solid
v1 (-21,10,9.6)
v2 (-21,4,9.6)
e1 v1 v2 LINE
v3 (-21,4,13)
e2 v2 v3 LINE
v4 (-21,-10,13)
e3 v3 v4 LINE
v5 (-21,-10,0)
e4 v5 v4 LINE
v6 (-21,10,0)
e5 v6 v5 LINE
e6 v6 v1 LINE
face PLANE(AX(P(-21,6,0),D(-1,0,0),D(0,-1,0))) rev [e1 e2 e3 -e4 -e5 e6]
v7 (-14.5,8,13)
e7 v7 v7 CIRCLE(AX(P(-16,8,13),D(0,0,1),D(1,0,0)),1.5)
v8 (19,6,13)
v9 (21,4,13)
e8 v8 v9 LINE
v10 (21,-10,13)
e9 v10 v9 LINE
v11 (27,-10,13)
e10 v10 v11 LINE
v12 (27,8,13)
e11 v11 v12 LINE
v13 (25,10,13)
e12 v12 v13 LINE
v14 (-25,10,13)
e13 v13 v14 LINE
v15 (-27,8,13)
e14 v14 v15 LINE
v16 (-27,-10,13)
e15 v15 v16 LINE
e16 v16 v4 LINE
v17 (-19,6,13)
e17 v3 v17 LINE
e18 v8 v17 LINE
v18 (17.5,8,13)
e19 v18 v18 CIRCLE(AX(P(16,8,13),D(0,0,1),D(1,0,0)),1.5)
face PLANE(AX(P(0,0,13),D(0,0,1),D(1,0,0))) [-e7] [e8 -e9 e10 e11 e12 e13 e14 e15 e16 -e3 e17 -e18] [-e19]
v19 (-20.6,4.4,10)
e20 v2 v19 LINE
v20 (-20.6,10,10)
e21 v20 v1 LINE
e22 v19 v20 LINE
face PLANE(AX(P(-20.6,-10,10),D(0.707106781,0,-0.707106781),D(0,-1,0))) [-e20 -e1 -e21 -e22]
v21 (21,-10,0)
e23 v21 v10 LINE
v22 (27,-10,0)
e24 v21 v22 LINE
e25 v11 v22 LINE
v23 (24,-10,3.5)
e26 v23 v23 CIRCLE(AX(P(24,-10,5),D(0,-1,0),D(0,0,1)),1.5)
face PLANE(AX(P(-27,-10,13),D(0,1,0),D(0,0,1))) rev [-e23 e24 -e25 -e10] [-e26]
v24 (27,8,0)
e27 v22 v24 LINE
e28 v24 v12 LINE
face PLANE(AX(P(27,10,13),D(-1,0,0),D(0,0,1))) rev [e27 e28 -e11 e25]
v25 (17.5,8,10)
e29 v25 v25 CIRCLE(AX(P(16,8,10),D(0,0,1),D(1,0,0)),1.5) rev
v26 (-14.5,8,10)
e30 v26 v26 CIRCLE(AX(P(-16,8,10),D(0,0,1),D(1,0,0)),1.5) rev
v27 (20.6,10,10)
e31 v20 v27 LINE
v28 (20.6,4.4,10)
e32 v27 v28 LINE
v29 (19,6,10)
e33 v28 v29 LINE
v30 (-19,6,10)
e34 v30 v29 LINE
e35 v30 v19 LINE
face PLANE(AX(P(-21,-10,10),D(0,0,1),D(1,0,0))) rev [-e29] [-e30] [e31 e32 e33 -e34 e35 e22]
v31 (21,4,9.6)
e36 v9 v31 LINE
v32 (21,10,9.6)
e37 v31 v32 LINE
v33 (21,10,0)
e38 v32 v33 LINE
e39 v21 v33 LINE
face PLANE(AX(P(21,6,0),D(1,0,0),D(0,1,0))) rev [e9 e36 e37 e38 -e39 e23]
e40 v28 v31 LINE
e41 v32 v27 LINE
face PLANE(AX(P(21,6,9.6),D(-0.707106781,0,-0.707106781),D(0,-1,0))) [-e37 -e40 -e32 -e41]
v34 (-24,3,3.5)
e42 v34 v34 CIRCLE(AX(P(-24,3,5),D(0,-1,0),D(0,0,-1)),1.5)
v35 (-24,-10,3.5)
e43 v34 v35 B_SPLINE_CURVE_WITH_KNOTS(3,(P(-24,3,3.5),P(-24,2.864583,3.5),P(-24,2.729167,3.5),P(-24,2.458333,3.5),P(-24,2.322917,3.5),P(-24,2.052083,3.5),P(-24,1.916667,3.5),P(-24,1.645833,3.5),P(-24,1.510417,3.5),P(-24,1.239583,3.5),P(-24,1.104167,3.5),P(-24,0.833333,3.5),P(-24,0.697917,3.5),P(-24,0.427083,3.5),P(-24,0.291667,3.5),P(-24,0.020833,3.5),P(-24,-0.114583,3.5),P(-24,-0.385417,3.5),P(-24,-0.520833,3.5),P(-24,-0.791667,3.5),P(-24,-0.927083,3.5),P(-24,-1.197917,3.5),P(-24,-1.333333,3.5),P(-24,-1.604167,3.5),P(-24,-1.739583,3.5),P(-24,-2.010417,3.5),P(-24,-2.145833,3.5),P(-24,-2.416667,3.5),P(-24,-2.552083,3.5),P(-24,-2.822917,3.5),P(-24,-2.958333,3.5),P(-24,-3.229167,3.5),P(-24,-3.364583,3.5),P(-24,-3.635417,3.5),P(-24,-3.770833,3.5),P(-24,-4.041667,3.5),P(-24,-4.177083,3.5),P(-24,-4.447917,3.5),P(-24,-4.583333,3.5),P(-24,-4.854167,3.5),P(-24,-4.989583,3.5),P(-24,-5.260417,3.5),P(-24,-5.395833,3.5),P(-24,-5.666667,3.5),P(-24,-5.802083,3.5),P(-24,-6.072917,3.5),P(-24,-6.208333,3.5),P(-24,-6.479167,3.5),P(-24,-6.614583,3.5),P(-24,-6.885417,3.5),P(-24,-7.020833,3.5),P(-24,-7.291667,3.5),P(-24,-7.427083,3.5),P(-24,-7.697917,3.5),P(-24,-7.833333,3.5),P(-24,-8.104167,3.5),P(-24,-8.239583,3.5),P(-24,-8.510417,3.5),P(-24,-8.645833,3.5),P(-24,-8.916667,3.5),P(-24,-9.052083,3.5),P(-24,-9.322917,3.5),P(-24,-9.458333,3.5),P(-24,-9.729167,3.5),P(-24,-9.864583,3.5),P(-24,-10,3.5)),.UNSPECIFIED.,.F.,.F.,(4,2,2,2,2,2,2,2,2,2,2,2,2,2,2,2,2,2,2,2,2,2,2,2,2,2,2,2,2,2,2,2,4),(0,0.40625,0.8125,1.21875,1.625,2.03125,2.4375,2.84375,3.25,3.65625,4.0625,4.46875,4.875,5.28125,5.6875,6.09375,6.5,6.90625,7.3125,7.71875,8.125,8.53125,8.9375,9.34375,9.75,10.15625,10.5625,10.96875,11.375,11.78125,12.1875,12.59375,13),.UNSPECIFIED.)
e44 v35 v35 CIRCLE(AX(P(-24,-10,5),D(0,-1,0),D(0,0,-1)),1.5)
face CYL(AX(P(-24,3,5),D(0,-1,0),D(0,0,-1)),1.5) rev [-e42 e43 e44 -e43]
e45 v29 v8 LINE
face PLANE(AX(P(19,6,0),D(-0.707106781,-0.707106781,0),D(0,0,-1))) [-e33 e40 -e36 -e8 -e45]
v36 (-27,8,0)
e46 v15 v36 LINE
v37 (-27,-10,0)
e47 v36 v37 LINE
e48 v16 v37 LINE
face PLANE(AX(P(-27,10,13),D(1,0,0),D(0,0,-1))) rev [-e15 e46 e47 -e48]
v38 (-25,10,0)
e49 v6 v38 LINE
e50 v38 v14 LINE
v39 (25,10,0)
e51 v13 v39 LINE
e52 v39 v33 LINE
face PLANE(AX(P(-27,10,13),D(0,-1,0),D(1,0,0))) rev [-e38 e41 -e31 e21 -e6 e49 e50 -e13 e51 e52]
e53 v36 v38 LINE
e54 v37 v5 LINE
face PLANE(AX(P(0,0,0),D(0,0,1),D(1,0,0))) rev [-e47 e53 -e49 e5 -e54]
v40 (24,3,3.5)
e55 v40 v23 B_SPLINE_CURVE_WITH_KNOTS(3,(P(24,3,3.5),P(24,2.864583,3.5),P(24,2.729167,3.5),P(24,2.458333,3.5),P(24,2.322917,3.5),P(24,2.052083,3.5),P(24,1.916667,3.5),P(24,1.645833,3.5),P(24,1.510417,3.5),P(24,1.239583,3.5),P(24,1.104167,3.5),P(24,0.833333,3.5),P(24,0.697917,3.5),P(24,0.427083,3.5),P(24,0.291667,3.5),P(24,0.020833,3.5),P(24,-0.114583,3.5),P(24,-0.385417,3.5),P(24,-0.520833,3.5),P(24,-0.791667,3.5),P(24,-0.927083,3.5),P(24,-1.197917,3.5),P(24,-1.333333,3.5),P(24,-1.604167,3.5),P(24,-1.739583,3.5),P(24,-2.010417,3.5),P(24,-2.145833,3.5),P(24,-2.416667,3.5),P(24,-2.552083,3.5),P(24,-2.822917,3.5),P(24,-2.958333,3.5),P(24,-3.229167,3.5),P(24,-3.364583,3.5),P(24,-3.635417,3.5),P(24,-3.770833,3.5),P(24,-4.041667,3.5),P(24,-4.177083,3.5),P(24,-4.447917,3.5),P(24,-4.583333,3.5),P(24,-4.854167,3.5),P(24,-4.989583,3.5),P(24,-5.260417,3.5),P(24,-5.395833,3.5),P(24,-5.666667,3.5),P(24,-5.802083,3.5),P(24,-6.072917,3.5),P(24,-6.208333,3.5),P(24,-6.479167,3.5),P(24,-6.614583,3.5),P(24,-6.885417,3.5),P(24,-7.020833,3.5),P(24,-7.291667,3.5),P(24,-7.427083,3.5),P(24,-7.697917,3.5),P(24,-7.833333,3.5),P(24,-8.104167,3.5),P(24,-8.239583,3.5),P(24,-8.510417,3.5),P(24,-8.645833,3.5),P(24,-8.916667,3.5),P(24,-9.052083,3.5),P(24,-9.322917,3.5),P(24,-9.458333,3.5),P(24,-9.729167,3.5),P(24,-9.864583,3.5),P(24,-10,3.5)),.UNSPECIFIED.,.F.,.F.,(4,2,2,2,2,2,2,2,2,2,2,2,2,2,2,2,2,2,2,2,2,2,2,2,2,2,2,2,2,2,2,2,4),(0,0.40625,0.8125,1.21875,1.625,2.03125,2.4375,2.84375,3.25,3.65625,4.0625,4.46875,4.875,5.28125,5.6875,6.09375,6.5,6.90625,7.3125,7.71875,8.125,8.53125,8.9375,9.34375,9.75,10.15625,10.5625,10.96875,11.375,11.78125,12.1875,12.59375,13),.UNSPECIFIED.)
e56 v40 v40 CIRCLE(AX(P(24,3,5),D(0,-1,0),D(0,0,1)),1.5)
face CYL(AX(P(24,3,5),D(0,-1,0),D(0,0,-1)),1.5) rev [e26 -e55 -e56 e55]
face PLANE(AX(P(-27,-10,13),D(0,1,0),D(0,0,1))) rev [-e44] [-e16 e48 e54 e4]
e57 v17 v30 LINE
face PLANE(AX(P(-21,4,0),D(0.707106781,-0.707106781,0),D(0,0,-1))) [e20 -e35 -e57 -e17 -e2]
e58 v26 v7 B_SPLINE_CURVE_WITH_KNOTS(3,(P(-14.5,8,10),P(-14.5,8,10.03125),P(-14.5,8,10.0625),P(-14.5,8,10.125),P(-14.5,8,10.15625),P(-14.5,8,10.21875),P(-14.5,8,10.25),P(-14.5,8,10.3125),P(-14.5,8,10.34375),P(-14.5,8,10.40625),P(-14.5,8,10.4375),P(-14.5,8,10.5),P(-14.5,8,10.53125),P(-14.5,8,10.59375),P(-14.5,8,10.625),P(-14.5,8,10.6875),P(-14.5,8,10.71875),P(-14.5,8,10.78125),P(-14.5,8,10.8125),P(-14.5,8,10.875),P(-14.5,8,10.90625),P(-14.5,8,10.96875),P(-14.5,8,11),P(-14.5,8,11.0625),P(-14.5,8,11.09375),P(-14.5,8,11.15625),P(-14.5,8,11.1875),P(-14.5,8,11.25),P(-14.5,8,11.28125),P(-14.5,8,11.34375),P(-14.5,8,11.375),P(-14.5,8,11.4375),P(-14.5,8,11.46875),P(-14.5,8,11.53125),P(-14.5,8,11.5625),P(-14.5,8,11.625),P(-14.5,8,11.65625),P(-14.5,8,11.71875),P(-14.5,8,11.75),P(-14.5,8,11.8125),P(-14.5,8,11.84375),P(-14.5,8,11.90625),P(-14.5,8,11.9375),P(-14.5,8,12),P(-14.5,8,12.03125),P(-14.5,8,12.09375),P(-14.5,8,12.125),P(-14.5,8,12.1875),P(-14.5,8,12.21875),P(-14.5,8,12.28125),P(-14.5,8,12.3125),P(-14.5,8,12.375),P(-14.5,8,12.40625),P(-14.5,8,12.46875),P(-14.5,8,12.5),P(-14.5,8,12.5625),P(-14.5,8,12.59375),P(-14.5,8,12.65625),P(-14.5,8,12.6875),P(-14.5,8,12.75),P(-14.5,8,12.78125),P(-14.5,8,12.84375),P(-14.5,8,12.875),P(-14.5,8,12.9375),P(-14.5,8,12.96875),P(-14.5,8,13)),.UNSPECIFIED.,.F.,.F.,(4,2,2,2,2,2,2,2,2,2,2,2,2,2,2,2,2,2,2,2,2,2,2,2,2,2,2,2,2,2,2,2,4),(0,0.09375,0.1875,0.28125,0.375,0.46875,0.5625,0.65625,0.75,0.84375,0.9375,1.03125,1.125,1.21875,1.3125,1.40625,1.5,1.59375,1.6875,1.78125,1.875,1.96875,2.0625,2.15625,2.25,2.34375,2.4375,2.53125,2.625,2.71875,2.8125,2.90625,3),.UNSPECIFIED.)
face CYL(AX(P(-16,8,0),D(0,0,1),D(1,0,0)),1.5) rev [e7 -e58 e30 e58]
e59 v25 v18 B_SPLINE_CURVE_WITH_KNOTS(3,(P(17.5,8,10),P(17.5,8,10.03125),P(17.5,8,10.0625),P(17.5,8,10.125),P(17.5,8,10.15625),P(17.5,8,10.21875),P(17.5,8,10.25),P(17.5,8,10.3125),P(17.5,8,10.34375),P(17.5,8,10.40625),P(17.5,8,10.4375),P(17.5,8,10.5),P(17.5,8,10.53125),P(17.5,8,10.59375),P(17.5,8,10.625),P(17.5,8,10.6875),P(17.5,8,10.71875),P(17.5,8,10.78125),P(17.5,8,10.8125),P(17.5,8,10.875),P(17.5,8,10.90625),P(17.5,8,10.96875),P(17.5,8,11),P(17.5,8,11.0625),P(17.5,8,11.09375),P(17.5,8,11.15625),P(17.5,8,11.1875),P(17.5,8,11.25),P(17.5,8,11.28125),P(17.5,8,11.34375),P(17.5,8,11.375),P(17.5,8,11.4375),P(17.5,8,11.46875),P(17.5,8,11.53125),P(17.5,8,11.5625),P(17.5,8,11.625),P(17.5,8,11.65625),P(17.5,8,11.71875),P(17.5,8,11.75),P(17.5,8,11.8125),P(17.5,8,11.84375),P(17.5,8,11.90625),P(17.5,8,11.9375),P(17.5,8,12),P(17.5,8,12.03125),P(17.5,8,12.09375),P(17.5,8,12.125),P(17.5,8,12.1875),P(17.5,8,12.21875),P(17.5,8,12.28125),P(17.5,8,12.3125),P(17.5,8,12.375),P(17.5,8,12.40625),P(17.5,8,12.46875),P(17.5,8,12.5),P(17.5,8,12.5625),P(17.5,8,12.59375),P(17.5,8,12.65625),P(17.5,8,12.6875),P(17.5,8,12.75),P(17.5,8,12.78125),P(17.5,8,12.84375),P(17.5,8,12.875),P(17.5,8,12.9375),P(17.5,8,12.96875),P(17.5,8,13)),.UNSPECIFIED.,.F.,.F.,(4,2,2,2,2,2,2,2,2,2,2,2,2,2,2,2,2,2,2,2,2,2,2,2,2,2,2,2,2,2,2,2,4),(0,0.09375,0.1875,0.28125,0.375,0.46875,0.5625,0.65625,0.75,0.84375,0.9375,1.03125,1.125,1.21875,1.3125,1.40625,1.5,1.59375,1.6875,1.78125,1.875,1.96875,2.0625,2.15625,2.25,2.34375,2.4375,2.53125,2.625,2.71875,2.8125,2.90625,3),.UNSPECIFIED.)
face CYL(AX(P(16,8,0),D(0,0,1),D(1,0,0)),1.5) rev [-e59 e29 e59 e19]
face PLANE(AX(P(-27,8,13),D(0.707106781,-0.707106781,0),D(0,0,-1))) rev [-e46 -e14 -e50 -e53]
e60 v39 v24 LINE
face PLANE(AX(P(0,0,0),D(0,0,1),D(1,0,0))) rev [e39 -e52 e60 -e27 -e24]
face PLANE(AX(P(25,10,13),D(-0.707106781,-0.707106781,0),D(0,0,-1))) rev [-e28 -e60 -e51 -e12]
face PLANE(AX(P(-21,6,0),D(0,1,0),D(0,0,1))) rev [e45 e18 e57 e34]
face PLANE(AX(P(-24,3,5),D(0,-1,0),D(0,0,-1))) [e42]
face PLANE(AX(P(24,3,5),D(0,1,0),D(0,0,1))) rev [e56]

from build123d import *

# Parameters (mm, degrees)
SKETCH_1_W          = 54
SKETCH_1_H          = 20
EXTRUDE_1_DEPTH     = 13
SKETCH_2_W          = 42
SKETCH_2_H          = 16
CUT_EXTRUDE_1_DEPTH = 32.591137998
SKETCH_3_R          = 1.5
CUT_EXTRUDE_2_DEPTH = 32.591137998
SKETCH_4_R          = 1.5
CUT_EXTRUDE_3_DEPTH = 13
SKETCH_5_W          = 42
SKETCH_5_H          = 10
CUT_EXTRUDE_4_DEPTH = 37.027767069
CHAMFER_1_SIZE      = 2
CHAMFER_2_SIZE      = 2
CHAMFER_3_SIZE      = 0.4


with BuildPart() as part:
    # 草圖1 → 填料-伸長1 (new body)
    with BuildSketch(Plane.XY):
        Rectangle(SKETCH_1_W, SKETCH_1_H)
    extrude(amount=EXTRUDE_1_DEPTH)

    # 草圖2 → 除料-伸長1 (cut, through all)
    with BuildSketch(Plane.XY.offset(13)):
        with Locations((0, -2)):
            Rectangle(SKETCH_2_W, SKETCH_2_H)
    extrude(amount=-CUT_EXTRUDE_1_DEPTH, mode=Mode.SUBTRACT)

    # 草圖3 → 除料-伸長2 (cut, through all)
    with BuildSketch(Plane.XY.offset(13)):
        with Locations((-16, 8)):
            Circle(SKETCH_3_R)
        with Locations((16, 8)):
            Circle(SKETCH_3_R)
    extrude(amount=-CUT_EXTRUDE_2_DEPTH, mode=Mode.SUBTRACT)

    # 草圖4 → 除料-伸長3 (cut)
    with BuildSketch(Plane.XZ.offset(10)):
        with Locations(Location((-24, 5, 0), (0, 0, 270))):
            Circle(SKETCH_4_R)
        with Locations(Location((24, 5, 0), (0, 0, 270))):
            Circle(SKETCH_4_R)
    extrude(amount=-CUT_EXTRUDE_3_DEPTH, mode=Mode.SUBTRACT)

    # 草圖5 → 除料-伸長4 (cut, through all)
    with BuildSketch(Plane(origin=(0, 10, 0), x_dir=(1, 0, 0), z_dir=(0, 1, 0))):
        with Locations((0, -5)):
            Rectangle(SKETCH_5_W, SKETCH_5_H)
    extrude(amount=-CUT_EXTRUDE_4_DEPTH, mode=Mode.SUBTRACT)

    # 導角1
    chamfer_1_edges = [part.edges().sort_by_distance(p)[0] for p in [
        (-27, 10, 6.5),
        (27, 10, 6.5),
    ]]
    chamfer(chamfer_1_edges, length=CHAMFER_1_SIZE)

    # 導角2
    chamfer_2_edges = [part.edges().sort_by_distance(p)[0] for p in [
        (21, 6, 11.5),
        (-21, 6, 11.5),
    ]]
    chamfer(chamfer_2_edges, length=CHAMFER_2_SIZE)

    # 導角3
    chamfer_3_edges = [part.edges().sort_by_distance(p)[0] for p in [
        (-21, 7, 10),
        (21, 7, 10),
    ]]
    chamfer(chamfer_3_edges, length=CHAMFER_3_SIZE)


solid = part.part
